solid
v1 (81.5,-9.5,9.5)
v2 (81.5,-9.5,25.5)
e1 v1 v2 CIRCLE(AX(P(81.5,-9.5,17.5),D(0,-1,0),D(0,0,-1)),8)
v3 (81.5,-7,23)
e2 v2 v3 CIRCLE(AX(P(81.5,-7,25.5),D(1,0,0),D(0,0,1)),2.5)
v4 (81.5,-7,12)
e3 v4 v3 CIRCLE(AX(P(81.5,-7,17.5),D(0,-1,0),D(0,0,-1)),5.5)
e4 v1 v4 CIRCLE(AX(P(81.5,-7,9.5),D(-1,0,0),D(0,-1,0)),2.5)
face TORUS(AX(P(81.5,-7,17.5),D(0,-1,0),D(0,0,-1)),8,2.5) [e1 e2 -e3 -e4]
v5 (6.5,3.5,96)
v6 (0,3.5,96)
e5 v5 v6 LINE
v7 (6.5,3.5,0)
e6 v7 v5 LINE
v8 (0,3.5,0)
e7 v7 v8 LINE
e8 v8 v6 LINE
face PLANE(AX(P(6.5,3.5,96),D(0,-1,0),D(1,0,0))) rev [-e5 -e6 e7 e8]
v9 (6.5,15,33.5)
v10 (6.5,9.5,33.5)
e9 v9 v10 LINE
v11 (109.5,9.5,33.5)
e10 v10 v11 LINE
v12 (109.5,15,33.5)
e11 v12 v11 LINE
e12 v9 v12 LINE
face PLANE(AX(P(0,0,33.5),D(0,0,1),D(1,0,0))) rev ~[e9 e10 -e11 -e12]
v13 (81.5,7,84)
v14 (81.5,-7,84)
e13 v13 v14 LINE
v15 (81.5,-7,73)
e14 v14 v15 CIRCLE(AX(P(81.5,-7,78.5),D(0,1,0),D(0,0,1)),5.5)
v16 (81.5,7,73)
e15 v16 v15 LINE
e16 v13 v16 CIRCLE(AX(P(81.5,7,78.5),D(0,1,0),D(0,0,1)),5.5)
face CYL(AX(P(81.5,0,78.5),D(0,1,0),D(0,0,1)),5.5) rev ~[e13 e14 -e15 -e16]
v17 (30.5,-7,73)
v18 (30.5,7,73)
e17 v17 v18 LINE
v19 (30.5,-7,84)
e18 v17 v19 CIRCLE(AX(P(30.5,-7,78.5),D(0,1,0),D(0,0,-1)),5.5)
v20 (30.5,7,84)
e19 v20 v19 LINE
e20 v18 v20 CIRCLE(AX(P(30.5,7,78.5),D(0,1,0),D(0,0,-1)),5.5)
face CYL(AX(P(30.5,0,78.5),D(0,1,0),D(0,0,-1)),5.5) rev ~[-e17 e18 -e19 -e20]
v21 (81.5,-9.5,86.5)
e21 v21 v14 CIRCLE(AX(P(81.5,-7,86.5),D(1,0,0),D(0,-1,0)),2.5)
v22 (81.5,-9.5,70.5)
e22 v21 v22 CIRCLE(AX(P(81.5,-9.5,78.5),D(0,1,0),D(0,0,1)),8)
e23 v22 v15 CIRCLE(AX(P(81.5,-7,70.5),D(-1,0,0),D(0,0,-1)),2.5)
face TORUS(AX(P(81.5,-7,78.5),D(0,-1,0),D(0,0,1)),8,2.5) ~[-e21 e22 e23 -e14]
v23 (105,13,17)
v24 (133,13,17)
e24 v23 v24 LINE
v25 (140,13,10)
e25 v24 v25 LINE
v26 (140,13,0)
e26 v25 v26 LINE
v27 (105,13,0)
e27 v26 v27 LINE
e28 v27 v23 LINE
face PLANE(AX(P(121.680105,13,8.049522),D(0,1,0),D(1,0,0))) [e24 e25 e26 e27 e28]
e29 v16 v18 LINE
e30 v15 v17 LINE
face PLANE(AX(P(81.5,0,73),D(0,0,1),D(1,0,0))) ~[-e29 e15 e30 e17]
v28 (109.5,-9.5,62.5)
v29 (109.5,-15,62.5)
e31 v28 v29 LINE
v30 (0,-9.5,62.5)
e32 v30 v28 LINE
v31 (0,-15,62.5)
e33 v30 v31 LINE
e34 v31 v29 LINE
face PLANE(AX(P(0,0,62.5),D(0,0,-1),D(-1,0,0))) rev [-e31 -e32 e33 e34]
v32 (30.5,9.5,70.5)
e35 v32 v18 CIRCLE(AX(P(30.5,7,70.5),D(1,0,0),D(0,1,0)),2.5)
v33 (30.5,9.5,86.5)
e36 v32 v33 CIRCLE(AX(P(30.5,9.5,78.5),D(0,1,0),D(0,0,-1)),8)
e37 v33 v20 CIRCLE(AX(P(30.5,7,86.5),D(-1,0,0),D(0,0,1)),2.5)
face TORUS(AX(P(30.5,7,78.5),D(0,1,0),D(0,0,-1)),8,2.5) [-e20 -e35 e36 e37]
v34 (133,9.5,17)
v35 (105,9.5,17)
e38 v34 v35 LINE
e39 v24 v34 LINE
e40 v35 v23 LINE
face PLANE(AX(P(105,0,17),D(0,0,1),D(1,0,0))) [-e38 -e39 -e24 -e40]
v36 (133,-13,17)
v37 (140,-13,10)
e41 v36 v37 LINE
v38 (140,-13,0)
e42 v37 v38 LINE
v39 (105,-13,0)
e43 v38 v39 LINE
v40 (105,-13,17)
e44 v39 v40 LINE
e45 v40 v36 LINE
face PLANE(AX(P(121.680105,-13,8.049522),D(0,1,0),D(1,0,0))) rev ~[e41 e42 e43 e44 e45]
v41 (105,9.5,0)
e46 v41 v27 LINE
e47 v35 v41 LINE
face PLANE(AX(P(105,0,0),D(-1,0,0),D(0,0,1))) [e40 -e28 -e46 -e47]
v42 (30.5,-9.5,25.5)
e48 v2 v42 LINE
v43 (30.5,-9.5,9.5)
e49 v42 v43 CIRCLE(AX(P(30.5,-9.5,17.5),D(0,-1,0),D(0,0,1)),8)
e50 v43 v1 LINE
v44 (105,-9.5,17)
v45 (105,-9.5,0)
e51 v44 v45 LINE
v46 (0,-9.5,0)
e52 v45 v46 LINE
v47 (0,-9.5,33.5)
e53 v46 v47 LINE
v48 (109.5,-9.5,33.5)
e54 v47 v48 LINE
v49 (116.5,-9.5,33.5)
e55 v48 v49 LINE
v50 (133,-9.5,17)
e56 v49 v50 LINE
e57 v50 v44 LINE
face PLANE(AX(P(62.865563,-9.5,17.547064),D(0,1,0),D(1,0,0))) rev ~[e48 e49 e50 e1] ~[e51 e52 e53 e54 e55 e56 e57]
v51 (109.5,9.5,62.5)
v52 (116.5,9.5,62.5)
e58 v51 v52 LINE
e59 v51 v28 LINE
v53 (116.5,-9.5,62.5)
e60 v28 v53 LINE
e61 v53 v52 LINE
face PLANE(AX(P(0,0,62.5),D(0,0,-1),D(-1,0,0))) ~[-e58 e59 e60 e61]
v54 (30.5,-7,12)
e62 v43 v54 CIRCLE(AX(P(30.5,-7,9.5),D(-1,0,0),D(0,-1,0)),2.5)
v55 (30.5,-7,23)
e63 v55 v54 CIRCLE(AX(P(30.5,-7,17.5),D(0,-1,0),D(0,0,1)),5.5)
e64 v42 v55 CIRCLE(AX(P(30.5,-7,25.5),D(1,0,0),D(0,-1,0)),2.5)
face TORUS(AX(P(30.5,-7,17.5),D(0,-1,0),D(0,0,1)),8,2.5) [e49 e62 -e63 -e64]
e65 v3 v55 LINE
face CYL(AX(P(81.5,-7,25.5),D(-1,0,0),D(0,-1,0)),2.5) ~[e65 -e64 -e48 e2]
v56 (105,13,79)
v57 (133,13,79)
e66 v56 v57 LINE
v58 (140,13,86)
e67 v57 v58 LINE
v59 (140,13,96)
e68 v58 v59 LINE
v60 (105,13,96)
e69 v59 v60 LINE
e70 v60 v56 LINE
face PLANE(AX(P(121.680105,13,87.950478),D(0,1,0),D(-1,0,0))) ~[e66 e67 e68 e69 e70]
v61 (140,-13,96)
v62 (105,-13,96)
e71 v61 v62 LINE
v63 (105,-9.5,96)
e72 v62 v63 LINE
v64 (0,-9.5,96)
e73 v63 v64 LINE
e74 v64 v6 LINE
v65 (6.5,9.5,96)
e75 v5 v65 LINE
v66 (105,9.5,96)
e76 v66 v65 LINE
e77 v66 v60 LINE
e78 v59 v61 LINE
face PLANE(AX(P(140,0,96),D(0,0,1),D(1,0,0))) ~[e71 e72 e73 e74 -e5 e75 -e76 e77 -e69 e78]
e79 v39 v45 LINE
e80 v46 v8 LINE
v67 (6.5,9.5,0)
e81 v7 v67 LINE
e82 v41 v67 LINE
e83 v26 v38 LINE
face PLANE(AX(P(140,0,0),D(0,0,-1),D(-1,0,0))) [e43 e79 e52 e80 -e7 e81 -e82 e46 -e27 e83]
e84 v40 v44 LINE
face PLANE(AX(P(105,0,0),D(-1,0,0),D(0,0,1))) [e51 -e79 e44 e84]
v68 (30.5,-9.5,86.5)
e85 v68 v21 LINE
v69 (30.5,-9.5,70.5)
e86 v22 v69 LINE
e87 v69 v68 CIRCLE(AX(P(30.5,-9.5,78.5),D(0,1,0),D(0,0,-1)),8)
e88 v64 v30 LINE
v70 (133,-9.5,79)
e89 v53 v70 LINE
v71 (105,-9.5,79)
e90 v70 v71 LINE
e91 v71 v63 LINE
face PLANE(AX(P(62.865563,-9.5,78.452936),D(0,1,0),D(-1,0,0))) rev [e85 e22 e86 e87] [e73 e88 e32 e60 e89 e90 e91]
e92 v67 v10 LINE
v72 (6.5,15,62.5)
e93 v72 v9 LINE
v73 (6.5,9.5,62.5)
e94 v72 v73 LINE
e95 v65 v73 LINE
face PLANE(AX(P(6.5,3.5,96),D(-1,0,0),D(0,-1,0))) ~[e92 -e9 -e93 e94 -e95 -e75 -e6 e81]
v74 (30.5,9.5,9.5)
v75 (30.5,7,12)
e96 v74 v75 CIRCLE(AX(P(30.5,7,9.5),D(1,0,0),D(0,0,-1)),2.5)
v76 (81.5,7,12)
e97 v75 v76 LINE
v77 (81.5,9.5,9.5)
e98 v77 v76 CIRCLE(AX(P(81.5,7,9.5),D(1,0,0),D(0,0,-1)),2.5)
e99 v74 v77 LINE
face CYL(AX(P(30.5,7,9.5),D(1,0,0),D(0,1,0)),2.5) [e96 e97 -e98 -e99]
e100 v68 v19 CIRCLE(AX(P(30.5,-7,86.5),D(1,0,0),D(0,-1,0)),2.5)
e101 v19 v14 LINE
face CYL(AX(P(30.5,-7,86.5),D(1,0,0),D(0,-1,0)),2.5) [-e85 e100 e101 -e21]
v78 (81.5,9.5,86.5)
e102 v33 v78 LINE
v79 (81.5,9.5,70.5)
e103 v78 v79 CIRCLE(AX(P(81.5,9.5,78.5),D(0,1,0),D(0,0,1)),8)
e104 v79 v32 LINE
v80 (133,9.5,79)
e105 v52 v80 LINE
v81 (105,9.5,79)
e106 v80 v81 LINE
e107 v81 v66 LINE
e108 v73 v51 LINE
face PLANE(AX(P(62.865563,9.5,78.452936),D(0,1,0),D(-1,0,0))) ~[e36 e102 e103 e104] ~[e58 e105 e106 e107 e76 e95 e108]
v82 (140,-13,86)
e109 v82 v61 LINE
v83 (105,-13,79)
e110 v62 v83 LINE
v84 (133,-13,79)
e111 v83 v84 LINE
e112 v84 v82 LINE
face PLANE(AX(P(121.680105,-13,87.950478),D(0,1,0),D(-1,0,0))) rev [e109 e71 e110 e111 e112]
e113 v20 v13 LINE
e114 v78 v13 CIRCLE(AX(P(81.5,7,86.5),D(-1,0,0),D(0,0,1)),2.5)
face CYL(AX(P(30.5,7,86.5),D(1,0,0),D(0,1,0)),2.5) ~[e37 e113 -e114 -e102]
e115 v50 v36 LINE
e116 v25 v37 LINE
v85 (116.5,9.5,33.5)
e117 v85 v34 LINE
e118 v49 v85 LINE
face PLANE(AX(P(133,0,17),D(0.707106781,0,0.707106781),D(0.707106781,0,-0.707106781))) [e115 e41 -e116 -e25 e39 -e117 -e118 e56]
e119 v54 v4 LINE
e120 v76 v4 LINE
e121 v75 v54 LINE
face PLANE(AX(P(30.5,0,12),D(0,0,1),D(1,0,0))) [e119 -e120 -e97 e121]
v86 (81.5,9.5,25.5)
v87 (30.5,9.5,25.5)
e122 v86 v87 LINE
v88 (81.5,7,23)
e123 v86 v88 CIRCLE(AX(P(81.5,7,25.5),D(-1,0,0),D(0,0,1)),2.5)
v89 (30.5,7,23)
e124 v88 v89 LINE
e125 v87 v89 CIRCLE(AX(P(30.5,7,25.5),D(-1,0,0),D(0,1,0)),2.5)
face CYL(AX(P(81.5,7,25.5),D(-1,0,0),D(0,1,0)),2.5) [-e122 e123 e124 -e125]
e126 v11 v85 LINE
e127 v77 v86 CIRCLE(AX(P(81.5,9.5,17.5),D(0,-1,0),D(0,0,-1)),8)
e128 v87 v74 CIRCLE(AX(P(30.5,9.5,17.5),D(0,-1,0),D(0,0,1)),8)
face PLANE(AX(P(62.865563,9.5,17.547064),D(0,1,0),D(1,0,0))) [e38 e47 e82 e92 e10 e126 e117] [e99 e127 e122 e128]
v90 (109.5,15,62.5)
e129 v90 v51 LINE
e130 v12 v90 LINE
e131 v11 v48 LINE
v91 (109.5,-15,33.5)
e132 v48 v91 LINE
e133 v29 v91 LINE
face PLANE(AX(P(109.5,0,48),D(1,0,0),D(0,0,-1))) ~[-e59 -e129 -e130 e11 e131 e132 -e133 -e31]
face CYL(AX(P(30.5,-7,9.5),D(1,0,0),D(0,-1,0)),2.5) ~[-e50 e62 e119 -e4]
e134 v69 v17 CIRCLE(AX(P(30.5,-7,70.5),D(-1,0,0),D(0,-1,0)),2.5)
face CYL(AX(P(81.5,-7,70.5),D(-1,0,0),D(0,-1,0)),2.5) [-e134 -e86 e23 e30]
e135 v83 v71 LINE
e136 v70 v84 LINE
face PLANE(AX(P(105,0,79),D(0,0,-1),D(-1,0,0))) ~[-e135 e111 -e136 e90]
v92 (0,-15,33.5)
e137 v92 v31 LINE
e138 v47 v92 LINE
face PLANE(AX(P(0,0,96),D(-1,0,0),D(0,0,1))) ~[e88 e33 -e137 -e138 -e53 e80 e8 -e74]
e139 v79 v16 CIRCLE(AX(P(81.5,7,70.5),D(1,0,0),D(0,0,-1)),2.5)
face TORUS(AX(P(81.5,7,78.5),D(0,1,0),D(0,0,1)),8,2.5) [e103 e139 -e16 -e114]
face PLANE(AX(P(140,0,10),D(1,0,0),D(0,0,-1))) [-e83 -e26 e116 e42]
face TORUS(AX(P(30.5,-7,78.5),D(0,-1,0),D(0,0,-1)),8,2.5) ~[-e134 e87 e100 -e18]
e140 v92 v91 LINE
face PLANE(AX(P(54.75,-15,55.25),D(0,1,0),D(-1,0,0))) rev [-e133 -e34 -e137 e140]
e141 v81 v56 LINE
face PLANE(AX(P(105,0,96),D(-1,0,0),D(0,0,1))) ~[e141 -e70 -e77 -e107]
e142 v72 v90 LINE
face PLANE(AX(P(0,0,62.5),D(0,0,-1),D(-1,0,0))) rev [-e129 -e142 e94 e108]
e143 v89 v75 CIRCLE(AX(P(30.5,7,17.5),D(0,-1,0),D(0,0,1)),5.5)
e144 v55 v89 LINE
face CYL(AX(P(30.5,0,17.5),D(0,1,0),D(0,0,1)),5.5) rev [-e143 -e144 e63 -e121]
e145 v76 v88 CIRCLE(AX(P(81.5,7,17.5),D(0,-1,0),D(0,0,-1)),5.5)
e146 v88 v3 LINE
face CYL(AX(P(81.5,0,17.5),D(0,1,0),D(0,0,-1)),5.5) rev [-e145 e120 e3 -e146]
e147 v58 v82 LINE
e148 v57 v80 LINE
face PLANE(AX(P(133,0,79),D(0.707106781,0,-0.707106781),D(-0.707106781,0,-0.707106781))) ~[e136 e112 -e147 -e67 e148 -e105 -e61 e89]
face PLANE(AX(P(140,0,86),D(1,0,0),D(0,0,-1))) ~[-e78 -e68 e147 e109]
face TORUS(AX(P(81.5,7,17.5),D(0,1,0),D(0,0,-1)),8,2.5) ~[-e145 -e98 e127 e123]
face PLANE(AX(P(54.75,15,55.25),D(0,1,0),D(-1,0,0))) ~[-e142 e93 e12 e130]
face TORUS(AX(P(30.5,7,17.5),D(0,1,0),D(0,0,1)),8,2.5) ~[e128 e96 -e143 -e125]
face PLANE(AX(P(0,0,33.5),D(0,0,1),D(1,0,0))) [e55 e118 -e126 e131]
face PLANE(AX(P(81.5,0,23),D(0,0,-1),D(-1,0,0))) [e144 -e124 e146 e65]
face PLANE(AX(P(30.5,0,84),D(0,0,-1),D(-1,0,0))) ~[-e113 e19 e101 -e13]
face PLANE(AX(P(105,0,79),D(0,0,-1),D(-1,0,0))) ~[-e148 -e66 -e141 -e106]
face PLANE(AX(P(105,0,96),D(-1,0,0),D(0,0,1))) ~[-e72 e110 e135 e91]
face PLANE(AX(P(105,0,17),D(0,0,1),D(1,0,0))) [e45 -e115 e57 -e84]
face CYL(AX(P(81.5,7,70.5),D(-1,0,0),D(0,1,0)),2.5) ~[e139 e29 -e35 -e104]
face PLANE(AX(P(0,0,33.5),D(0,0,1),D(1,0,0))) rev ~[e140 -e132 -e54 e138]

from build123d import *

# Parameters (mm, degrees)
SKETCH1_W           = 109.5
SKETCH1_H           = 14.5
BOSS_EXTRUDE5_DEPTH = 15
BOSS_EXTRUDE6_DEPTH = 9.5
BOSS_EXTRUDE8_DEPTH = 13
SKETCH4_W           = 6.5
SKETCH4_H           = 11.5
CUT_EXTRUDE3_DEPTH  = 65.5
FILLET2_R           = 2.5


with BuildPart() as part:
    # Sketch1 → Boss-Extrude5 (new, symmetric)
    with BuildSketch(Plane(origin=(0, 0, 0), x_dir=(1, 0, 0), z_dir=(0, 1, 0))):
        with Locations((54.75, -40.75)):
            Rectangle(SKETCH1_W, SKETCH1_H)
    extrude(amount=BOSS_EXTRUDE5_DEPTH, both=True)

    # Sketch1<3> → Boss-Extrude6 (add, symmetric)
    with BuildSketch(Plane(origin=(0, 0, 0), x_dir=(1, 0, 0), z_dir=(0, 1, 0))):
        Polygon((105, 0), (0, 0), (0, -33.5), (109.5, -33.5), (116.5, -33.5), (133, -17), (105, -17), align=None)
        with BuildLine():
            ThreePointArc((30.5, -23), (25, -17.5), (30.5, -12))
            Line((30.5, -12), (81.5, -12))
            ThreePointArc((81.5, -12), (87, -17.5), (81.5, -23))
            Line((81.5, -23), (30.5, -23))
        make_face(mode=Mode.SUBTRACT)
    extrude(amount=BOSS_EXTRUDE6_DEPTH, both=True)

    # Sketch1<5> → Boss-Extrude8 (add, symmetric)
    with BuildSketch(Plane(origin=(0, 0, 0), x_dir=(1, 0, 0), z_dir=(0, 1, 0))):
        Polygon((140, 0), (105, 0), (105, -17), (133, -17), (140, -10), align=None)
    extrude(amount=BOSS_EXTRUDE8_DEPTH, both=True)

    # Sketch4 → Cut-Extrude3 (cut, symmetric)
    with BuildSketch(Plane(origin=(0, 0, 0), x_dir=(-1, 0, 0), z_dir=(0, 0, -1))):
        with Locations((-3.25, 9.25)):
            Rectangle(SKETCH4_W, SKETCH4_H)
    extrude(amount=CUT_EXTRUDE3_DEPTH, both=True, mode=Mode.SUBTRACT)

    # Fillet2
    fillet2_edges = [part.edges().sort_by_distance(p)[0] for p in [
        (87, 9.5, 17.5),
        (56, 9.5, 23),
        (25, 9.5, 17.5),
        (56, -9.5, 12),
        (56, 9.5, 12),
        (87, -9.5, 17.5),
        (25, -9.5, 17.5),
        (56, -9.5, 23),
    ]]
    fillet(fillet2_edges, radius=FILLET2_R)

    # Mirror2: part across plane


with BuildPart() as part_1:
    add(part.part)
    add(part.part.mirror(Plane(origin=(0, 15, 48), x_dir=(1, 0, 0), z_dir=(0, 0, -1))))


solid = part_1.part
